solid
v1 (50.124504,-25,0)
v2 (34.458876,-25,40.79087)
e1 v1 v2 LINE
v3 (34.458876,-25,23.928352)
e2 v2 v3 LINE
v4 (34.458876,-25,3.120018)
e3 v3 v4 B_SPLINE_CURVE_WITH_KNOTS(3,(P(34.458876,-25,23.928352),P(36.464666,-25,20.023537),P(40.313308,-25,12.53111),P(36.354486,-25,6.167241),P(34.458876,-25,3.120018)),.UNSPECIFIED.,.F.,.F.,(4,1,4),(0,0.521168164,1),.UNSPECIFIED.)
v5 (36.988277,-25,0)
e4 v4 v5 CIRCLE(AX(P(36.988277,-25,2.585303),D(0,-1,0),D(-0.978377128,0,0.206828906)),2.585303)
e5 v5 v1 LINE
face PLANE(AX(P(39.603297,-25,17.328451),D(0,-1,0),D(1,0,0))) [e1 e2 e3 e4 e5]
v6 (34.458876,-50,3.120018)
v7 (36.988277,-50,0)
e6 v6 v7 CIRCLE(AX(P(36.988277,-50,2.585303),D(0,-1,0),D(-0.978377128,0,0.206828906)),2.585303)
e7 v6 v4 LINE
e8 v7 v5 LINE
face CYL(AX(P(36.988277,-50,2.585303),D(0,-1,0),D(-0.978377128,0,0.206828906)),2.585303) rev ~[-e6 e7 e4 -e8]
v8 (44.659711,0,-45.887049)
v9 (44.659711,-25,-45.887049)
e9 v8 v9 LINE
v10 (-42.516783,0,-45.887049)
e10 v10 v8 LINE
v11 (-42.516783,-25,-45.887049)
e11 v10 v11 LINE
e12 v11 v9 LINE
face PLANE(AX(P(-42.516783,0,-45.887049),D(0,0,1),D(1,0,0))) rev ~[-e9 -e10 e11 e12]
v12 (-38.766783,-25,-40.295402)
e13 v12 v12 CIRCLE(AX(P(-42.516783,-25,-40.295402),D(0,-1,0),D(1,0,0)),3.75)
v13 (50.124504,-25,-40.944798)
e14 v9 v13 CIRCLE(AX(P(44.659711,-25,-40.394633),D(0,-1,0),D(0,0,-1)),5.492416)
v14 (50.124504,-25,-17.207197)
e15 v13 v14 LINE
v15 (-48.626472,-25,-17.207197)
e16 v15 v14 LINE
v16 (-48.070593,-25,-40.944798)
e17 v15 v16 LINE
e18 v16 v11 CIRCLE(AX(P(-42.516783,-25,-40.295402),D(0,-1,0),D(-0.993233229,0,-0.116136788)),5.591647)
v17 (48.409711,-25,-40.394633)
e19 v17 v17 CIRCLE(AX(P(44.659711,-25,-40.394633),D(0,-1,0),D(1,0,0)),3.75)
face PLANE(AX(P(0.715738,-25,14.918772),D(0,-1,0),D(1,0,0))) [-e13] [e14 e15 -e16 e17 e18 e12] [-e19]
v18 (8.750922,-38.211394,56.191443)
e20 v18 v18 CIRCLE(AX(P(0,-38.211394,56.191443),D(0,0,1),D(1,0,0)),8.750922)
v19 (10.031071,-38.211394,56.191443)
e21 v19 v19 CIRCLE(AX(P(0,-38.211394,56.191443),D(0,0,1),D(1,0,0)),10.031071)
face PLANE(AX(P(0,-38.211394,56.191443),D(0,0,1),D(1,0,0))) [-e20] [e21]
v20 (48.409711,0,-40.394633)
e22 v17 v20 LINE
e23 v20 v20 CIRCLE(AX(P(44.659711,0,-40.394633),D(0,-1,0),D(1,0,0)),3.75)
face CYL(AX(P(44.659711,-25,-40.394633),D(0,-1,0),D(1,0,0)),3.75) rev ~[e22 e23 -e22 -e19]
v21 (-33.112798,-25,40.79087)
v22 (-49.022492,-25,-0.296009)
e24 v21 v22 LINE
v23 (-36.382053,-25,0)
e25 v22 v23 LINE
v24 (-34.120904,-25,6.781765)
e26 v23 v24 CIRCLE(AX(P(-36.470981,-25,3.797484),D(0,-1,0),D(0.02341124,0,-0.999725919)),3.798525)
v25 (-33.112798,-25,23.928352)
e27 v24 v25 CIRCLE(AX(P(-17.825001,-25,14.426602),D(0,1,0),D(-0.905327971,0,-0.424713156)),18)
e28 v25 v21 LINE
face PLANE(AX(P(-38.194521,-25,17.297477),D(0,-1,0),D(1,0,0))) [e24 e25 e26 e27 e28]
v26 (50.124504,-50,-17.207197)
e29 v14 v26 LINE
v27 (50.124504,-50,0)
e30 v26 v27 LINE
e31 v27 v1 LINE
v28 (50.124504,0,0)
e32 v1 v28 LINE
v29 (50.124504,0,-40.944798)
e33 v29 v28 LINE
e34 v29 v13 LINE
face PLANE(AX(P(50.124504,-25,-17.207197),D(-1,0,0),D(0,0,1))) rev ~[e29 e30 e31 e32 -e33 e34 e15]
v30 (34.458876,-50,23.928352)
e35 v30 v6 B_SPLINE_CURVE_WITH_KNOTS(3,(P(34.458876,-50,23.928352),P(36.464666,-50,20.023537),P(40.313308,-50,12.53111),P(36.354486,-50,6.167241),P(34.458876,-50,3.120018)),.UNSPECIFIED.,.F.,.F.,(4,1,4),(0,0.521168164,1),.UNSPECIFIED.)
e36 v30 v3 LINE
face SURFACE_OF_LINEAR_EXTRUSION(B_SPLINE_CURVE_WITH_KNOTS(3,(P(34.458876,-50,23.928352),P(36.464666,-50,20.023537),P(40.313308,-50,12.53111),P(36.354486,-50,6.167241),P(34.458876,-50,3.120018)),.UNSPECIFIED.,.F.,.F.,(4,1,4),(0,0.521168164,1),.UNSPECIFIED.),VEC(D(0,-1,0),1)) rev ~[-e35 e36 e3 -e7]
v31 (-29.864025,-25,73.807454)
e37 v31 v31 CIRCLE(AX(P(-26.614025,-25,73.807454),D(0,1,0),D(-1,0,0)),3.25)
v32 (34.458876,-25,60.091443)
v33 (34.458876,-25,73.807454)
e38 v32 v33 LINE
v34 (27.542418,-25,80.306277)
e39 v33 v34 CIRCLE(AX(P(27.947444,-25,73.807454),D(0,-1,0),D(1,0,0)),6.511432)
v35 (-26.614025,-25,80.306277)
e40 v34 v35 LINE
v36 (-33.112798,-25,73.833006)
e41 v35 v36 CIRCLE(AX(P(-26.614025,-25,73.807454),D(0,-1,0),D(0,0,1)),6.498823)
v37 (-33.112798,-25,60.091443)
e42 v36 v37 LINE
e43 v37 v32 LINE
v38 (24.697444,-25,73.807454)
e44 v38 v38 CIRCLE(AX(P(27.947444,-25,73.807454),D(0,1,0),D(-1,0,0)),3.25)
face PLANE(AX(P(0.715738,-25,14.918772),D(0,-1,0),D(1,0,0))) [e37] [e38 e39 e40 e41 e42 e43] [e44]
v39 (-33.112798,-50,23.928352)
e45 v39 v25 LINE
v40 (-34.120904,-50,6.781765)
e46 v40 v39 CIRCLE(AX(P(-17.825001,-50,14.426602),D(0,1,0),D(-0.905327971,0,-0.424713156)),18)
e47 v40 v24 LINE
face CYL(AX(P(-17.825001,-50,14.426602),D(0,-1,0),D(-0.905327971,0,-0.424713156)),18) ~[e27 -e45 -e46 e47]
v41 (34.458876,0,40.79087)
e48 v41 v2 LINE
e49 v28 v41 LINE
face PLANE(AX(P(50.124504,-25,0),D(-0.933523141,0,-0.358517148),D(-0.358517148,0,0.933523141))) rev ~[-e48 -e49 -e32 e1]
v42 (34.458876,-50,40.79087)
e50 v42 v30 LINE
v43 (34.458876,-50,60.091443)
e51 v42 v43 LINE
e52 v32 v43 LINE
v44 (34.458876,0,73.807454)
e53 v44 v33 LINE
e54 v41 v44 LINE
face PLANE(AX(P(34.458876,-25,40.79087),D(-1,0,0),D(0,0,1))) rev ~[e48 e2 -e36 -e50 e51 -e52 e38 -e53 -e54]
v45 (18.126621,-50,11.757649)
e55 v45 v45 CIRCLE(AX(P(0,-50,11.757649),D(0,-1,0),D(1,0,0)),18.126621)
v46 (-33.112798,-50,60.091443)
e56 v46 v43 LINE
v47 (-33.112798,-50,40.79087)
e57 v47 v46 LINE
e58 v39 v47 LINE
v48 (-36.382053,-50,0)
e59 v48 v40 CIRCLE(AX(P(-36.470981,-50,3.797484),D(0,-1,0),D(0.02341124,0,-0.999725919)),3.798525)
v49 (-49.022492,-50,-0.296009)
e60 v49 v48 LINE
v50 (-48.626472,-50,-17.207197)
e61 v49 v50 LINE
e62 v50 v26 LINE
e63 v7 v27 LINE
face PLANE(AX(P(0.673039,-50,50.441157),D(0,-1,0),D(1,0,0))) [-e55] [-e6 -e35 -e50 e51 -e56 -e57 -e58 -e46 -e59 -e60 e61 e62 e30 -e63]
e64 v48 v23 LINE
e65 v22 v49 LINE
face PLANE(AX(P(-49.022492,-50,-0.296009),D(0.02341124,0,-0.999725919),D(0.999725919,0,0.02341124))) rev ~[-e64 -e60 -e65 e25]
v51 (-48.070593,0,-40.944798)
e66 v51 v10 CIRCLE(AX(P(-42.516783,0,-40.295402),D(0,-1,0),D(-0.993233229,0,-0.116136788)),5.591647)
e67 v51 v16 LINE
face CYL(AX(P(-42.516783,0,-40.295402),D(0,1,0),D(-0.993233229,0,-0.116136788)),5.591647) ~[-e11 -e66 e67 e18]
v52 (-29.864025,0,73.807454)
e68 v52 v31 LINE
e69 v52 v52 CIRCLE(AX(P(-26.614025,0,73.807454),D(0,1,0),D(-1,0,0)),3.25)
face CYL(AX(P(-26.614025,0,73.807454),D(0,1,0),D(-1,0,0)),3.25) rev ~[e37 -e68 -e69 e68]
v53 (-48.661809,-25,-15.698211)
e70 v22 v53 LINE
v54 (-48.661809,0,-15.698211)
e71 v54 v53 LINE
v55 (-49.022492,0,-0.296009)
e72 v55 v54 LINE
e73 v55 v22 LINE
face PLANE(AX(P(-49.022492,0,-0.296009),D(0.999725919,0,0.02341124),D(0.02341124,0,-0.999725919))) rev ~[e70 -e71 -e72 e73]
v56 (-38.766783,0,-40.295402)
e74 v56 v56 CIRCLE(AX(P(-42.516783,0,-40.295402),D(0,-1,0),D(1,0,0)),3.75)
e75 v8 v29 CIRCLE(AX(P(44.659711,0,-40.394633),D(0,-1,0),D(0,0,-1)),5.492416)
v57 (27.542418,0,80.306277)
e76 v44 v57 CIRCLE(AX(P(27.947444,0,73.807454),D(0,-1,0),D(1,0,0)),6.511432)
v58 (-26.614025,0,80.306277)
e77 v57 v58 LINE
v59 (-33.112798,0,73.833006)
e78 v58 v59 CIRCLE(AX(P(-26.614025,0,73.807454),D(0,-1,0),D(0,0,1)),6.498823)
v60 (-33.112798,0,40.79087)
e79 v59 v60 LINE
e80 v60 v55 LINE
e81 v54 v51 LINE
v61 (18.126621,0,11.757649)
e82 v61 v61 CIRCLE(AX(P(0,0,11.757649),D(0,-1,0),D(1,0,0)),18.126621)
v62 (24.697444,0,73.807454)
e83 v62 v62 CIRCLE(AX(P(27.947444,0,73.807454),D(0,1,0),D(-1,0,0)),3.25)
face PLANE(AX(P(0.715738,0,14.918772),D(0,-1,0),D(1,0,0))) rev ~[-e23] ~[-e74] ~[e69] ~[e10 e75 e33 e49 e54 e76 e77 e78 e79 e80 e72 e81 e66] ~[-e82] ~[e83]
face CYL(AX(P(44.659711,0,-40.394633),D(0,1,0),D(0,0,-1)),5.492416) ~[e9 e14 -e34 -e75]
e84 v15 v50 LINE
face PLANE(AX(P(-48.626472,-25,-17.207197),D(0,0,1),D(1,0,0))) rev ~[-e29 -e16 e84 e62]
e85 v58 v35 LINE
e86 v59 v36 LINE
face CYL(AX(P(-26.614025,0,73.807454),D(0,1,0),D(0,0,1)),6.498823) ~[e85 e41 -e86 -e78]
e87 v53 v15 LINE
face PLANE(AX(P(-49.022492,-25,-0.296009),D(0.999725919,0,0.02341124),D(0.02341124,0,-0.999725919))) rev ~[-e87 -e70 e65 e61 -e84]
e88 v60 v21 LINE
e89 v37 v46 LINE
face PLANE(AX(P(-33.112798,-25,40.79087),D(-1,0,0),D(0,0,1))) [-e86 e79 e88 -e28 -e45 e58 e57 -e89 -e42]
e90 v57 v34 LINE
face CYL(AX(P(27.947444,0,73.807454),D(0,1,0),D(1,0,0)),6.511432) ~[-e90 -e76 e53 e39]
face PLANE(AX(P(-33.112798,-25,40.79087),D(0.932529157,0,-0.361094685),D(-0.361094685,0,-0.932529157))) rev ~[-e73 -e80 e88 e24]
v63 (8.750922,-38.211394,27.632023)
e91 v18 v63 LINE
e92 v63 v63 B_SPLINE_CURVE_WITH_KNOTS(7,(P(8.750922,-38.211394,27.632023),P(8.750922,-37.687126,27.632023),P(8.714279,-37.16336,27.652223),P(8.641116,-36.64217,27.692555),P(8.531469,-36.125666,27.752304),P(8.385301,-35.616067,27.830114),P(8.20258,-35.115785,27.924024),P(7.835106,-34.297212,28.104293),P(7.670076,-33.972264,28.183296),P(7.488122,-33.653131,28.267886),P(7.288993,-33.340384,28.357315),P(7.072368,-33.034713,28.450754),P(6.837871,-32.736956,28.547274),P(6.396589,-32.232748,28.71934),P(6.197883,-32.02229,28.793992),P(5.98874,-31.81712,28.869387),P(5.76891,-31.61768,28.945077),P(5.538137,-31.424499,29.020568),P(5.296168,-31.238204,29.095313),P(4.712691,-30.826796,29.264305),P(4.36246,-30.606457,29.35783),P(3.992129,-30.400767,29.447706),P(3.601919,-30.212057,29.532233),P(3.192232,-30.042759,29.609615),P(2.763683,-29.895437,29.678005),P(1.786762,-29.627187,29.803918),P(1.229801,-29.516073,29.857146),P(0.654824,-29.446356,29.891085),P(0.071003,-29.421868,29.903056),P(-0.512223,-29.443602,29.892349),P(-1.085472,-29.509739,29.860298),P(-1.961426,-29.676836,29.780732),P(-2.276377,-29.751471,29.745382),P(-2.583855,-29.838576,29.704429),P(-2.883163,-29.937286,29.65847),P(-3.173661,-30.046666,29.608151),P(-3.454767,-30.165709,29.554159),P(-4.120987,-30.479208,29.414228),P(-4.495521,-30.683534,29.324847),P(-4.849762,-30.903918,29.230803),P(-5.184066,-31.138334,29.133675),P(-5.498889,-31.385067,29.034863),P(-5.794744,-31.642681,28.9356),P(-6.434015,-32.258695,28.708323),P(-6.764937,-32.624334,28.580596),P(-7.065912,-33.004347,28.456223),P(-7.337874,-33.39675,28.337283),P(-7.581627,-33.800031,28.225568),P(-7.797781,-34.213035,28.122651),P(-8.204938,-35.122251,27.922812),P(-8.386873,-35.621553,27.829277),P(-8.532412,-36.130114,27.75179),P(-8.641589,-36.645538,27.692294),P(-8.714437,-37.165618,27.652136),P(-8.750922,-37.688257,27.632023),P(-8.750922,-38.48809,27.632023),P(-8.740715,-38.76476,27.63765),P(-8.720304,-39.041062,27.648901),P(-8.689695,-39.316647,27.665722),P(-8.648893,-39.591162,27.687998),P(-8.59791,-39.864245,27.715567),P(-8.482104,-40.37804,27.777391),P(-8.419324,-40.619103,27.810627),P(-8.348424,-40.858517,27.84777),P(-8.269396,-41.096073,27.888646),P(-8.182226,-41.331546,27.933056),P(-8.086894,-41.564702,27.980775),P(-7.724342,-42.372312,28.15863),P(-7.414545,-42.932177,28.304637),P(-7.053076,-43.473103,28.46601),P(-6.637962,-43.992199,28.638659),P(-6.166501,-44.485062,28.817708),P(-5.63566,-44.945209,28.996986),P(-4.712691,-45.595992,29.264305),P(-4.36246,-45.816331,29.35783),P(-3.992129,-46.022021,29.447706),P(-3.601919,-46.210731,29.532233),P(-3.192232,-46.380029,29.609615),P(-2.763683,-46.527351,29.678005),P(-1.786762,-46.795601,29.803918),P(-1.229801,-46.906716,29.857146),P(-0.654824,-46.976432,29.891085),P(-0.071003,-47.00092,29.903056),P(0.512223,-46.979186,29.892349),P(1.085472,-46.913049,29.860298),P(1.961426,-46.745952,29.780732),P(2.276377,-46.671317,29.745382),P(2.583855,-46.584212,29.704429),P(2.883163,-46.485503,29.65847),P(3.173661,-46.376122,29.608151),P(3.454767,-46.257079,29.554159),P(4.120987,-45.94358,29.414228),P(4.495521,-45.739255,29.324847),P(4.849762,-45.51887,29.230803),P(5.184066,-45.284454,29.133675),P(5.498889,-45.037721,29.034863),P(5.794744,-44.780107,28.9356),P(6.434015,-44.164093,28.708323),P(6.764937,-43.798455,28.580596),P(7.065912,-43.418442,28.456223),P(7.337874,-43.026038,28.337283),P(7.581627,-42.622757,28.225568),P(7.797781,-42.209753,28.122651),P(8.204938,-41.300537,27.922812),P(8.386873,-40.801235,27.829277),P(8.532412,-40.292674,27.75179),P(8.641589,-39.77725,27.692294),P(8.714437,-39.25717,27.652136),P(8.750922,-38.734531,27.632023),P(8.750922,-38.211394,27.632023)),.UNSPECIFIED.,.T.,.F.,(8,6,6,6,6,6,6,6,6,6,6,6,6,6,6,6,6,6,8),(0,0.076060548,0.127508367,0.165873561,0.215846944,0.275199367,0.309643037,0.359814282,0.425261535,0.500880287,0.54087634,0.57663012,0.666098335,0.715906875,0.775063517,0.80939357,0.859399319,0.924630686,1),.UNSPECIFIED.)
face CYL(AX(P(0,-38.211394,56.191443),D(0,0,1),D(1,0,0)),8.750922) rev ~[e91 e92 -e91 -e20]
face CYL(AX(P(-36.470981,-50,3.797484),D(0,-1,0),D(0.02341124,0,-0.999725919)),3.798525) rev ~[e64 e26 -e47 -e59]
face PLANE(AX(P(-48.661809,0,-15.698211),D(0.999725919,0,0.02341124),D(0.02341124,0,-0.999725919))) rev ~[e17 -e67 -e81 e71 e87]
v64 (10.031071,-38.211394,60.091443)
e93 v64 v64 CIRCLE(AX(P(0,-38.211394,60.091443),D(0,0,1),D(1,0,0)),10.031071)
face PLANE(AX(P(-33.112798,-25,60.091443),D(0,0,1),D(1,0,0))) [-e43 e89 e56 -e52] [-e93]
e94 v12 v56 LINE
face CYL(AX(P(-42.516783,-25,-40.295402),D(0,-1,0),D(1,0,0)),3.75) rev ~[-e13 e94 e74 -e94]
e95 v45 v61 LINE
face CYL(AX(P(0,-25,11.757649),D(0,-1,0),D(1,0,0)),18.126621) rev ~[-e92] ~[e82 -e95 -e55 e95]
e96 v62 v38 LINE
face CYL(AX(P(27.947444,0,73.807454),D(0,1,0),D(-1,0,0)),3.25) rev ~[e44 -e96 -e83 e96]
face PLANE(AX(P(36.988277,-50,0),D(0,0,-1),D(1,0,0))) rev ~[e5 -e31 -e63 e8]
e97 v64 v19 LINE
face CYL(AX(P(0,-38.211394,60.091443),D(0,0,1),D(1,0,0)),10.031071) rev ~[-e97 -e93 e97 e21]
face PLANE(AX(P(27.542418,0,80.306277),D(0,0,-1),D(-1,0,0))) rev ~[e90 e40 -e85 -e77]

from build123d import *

# Parameters (mm, degrees)
F0_R      = 17.0227145172
F0_R_2    = 3.25
F1_DEPTH  = 25
F2_R      = 3.25
F3_DEPTH  = 70
F4_DEPTH  = 70
F5_R      = 18.1266213474
F6_DEPTH  = 25
F7_DEPTH  = 70
F9_DEPTH  = 25
F5_W      = 67.5716735423
F5_H      = 19.3005736992
F10_DEPTH = 25
F11_R     = 10.0310705793
F12_DEPTH = 3.9
F13_R     = 8.7509220972
F14_DEPTH = 45.3
F15_R     = 3.75
F16_DEPTH = 70
F17_DEPTH = 70


with BuildPart() as f1:
    # F0 (on Front) → F1 (new body)
    with BuildSketch(Plane.XZ):
        with BuildLine():
            Line((34.4588756561, 55.8330058903), (-33.1127978861, 55.8330058903))
            Line((-33.1127978861, 55.8330058903), (-33.1127978861, 40.7908696607))
            Line((-33.1127978861, 40.7908696607), (-33.1127978861, 25.7487334311))
            add(Edge.make_bspline(
                [(-33.1127978861, 25.7487334311), (-34.6033996611, 22.4340609922), (-37.650110278, 15.6590471152), (-34.6467602747, 8.3554726364), (-33.1127978861, 4.625168629)],
                knots=[0, 0, 0, 0, 0.4892495424, 1, 1, 1, 1], degree=3))
            add(Edge.make_bspline(
                [(-33.1127978861, 4.625168629), (-32.7607149389, 2.6646672617), (-32.1126225155, -0.9441018995), (-35.0434349429, -0.2960094761), (-36.3820530474, 0)],
                knots=[0, 0, 0, 0, 0.543260397, 1, 1, 1, 1], degree=3))
            Line((-36.3820530474, 0), (-49.0224920213, -0.2960094761))
            Line((-49.0224920213, -0.2960094761), (-48.661808527, -15.6982113192))
            Line((-48.661808527, -15.6982113192), (50.1245036721, -15.6982113192))
            Line((50.1245036721, -15.6982113192), (50.1245036721, 0))
            Line((50.1245036721, 0), (37.6335456967, 0))
            add(Edge.make_bspline(
                [(34.4588756561, 4.625168629), (34.1095986146, 2.6618613561), (33.4709502093, -0.928019769), (36.3355820401, -0.2893713637), (37.6335456967, 0)],
                knots=[0, 0, 0, 0, 0.5469003581, 1, 1, 1, 1], degree=3))
            add(Edge.make_bspline(
                [(34.4588756561, 25.7487334311), (36.1774809535, 21.1049777281), (39.2730683507, 12.7405489371), (35.9410342162, 7.1236727718), (34.4588756561, 4.625168629)],
                knots=[0, 0, 0, 0, 0.5551790587, 1, 1, 1, 1], degree=3))
            Line((34.4588756561, 25.7487334311), (34.4588756561, 40.7908696607))
            Line((34.4588756561, 40.7908696607), (34.4588756561, 55.8330058903))
        make_face()
        with Locations((0, 12.6643273979)):
            Circle(F0_R, mode=Mode.SUBTRACT)
        with BuildLine():
            Line((50.1245036721, -15.6982113192), (-48.661808527, -15.6982113192))
            Line((-48.661808527, -15.6982113192), (-48.0705925932, -40.9447981115))
            ThreePointArc((-48.0705925932, -40.9447981115), (-46.2339945035, -44.4725848586), (-42.5167828798, -45.8870492876))
            Line((-42.5167828798, -45.8870492876), (44.6597114205, -45.8870492876))
            ThreePointArc((44.6597114205, -45.8870492876), (48.3437920738, -44.4682292272), (50.1245036721, -40.9447981115))
            Line((50.1245036721, -40.9447981115), (50.1245036721, -15.6982113192))
        make_face()
        with Locations((-42.5167828798, -40.2954021766)):
            Circle(F0_R_2, mode=Mode.SUBTRACT)
        with Locations((44.6597114205, -40.3946330681)):
            Circle(F0_R_2, mode=Mode.SUBTRACT)
        with BuildLine():
            ThreePointArc((-26.6140252352, 80.306276679), (-31.2003440388, 78.4118406934), (-33.1127978861, 73.8330058903))
            Line((-33.1127978861, 73.8330058903), (-33.1127978861, 55.8330058903))
            Line((-33.1127978861, 55.8330058903), (34.4588756561, 55.8330058903))
            Line((34.4588756561, 55.8330058903), (34.4588756561, 73.807453795))
            ThreePointArc((34.4588756561, 73.807453795), (32.4062242428, 78.5527695695), (27.542417869, 80.306276679))
            Line((27.542417869, 80.306276679), (-26.6140252352, 80.306276679))
        make_face()
        with Locations((-26.6140252352, 73.807453795)):
            Circle(F0_R_2, mode=Mode.SUBTRACT)
        with Locations((27.9474437952, 73.807453795)):
            Circle(F0_R_2, mode=Mode.SUBTRACT)
        with Locations((0, 12.6643273979)):
            Circle(F0_R)
        with BuildLine():
            Line((-33.1127978861, 25.7487334311), (-33.1127978861, 40.7908696607))
            Line((-33.1127978861, 40.7908696607), (-49.0224920213, -0.2960094761))
            Line((-49.0224920213, -0.2960094761), (-36.3820530474, 0))
            add(Edge.make_bspline(
                [(-33.1127978861, 4.625168629), (-32.7607149389, 2.6646672617), (-32.1126225155, -0.9441018995), (-35.0434349429, -0.2960094761), (-36.3820530474, 0)],
                knots=[0, 0, 0, 0, 0.543260397, 1, 1, 1, 1], degree=3))
            add(Edge.make_bspline(
                [(-33.1127978861, 25.7487334311), (-34.6033996611, 22.4340609922), (-37.650110278, 15.6590471152), (-34.6467602747, 8.3554726364), (-33.1127978861, 4.625168629)],
                knots=[0, 0, 0, 0, 0.4892495424, 1, 1, 1, 1], degree=3))
        make_face()
        with BuildLine():
            Line((50.1245036721, 0), (34.4588756561, 40.7908696607))
            Line((34.4588756561, 40.7908696607), (34.4588756561, 25.7487334311))
            add(Edge.make_bspline(
                [(34.4588756561, 25.7487334311), (36.1774809535, 21.1049777281), (39.2730683507, 12.7405489371), (35.9410342162, 7.1236727718), (34.4588756561, 4.625168629)],
                knots=[0, 0, 0, 0, 0.5551790587, 1, 1, 1, 1], degree=3))
            add(Edge.make_bspline(
                [(34.4588756561, 4.625168629), (34.1095986146, 2.6618613561), (33.4709502093, -0.928019769), (36.3355820401, -0.2893713637), (37.6335456967, 0)],
                knots=[0, 0, 0, 0, 0.5469003581, 1, 1, 1, 1], degree=3))
            Line((37.6335456967, 0), (50.1245036721, 0))
        make_face()
        with Locations((-26.6140252352, 73.807453795)):
            Circle(F0_R_2)
        with Locations((27.9474437952, 73.807453795)):
            Circle(F0_R_2)
        with Locations((-42.5167828798, -40.2954021766)):
            Circle(F0_R_2)
        with Locations((44.6597114205, -40.3946330681)):
            Circle(F0_R_2)
    extrude(amount=F1_DEPTH)

    # F2 (on face) → F3 (cut)
    with BuildSketch(Plane(origin=(0, 0, 0), x_dir=(-1, 0, 0), z_dir=(0, 1, 0))):
        with Locations((-27.9474437952, 73.807453795)):
            Circle(F2_R)
    extrude(amount=-F3_DEPTH, mode=Mode.SUBTRACT)

    # F2 (on face) → F4 (cut)
    with BuildSketch(Plane(origin=(0, 0, 0), x_dir=(-1, 0, 0), z_dir=(0, 1, 0))):
        with Locations((26.6140252352, 73.807453795)):
            Circle(F2_R)
    extrude(amount=-F4_DEPTH, mode=Mode.SUBTRACT)

    # F5 (on face) → F6 (join)
    with BuildSketch(Plane.XZ.offset(25)):
        with BuildLine():
            Line((34.4588756561, 20.5979254097), (34.4588756561, 40.7908696607))
            Line((34.4588756561, 40.7908696607), (-33.1127978861, 40.7908696607))
            Line((-33.1127978861, 40.7908696607), (-33.1127978861, 20.5979254097))
            ThreePointArc((-33.1127978861, 20.5979254097), (-37.1626297585, 12.9749266175), (-34.7937931273, 4.6743325547))
            ThreePointArc((-34.7937931273, 4.6743325547), (-33.9547139722, 1.7822291717), (-36.3820530474, 0))
            Line((-36.3820530474, 0), (-49.0224920213, -0.2960094761))
            Line((-49.0224920213, -0.2960094761), (-48.626471606, -17.2071974467))
            Line((-48.626471606, -17.2071974467), (50.1245036721, -17.2071974467))
            Line((50.1245036721, -17.2071974467), (50.1245036721, 0))
            Line((50.1245036721, 0), (37.3762585223, 0))
            ThreePointArc((37.3762585223, 0), (34.6582437375, 2.1242313939), (36.0628159286, 5.2749678705))
            ThreePointArc((36.0628159286, 5.2749678705), (37.5665970474, 13.1778026111), (34.4588756561, 20.5979254097))
        make_face()
        with Locations((0, 11.75764855)):
            Circle(F5_R, mode=Mode.SUBTRACT)
        with BuildLine():
            Line((-33.1127978861, 20.5979254097), (-33.1127978861, 40.7908696607))
            Line((-33.1127978861, 40.7908696607), (-49.0224920213, -0.2960094761))
            Line((-49.0224920213, -0.2960094761), (-36.3820530474, 0))
            ThreePointArc((-36.3820530474, 0), (-33.9547139722, 1.7822291717), (-34.7937931273, 4.6743325547))
            ThreePointArc((-34.7937931273, 4.6743325547), (-37.1626297585, 12.9749266175), (-33.1127978861, 20.5979254097))
        make_face()
        with BuildLine():
            Line((50.1245036721, 0), (34.4588756561, 40.7908696607))
            Line((34.4588756561, 40.7908696607), (34.4588756561, 20.5979254097))
            ThreePointArc((34.4588756561, 20.5979254097), (37.5665970474, 13.1778026111), (36.0628159286, 5.2749678705))
            ThreePointArc((36.0628159286, 5.2749678705), (34.6582437375, 2.1242313939), (37.3762585223, 0))
            Line((37.3762585223, 0), (50.1245036721, 0))
        make_face()
    extrude(amount=F6_DEPTH)

    # F7 (cut): a face of the model
    f7_faces = [f1.faces().sort_by_distance(p)[0] for p in [
        (0, -25, 11.75764855),
    ]]
    extrude(f7_faces, amount=-F7_DEPTH, mode=Mode.SUBTRACT)

    # F8 (on face) → F9 (cut)
    with BuildSketch(Plane.XZ.offset(50)):
        with BuildLine():
            Line((-33.1127978861, 23.9283517003), (-33.1127978861, 40.7908696607))
            Line((-33.1127978861, 40.7908696607), (-49.0224920213, -0.2960094761))
            Line((-49.0224920213, -0.2960094761), (-36.3820530474, 0))
            ThreePointArc((-36.3820530474, 0), (-32.8674732325, 2.5960168229), (-34.120904149, 6.7817647319))
            ThreePointArc((-34.120904149, 6.7817647319), (-35.7939711067, 15.4830585232), (-33.1127978861, 23.9283517003))
        make_face()
        with BuildLine():
            Line((50.1245036721, 0), (34.4588756561, 40.7908696607))
            Line((34.4588756561, 40.7908696607), (34.4588756561, 23.9283517003))
            add(Edge.make_bspline(
                [(34.4588756561, 23.9283517003), (36.4646656644, 20.023537046), (40.3133082853, 12.5311096019), (36.3544858645, 6.1672411956), (34.4588756561, 3.1200184021)],
                knots=[0, 0, 0, 0, 0.5211681639, 1, 1, 1, 1], degree=3))
            ThreePointArc((34.4588756561, 3.1200184021), (34.9800199126, 0.9572074446), (36.9882769883, 0))
            Line((36.9882769883, 0), (50.1245036721, 0))
        make_face()
    extrude(amount=-F9_DEPTH, mode=Mode.SUBTRACT)

    # F5 (on face) → F10 (join)
    with BuildSketch(Plane.XZ.offset(25)):
        with Locations((0.673038885, 50.4411565103)):
            Rectangle(F5_W, F5_H)
    extrude(amount=F10_DEPTH)

    # F11 (on face) → F12 (cut)
    with BuildSketch(Plane.XY.offset(60.0914433599)):
        with Locations((0, -38.2113941014)):
            Circle(F11_R)
    extrude(amount=-F12_DEPTH, mode=Mode.SUBTRACT)

    # F13 (on face) → F14 (cut)
    with BuildSketch(Plane.XY.offset(56.1914433599)):
        with Locations((0, -38.2113941014)):
            Circle(F13_R)
    extrude(amount=-F14_DEPTH, mode=Mode.SUBTRACT)

    # F15 (on face) → F16 (cut)
    with BuildSketch(Plane.XZ.offset(25)):
        with Locations((-42.5167828798, -40.2954021766)):
            Circle(F15_R)
    extrude(amount=-F16_DEPTH, mode=Mode.SUBTRACT)

    # F15 (on face) → F17 (cut)
    with BuildSketch(Plane.XZ.offset(25)):
        with Locations((44.6597114205, -40.3946330681)):
            Circle(F15_R)
    extrude(amount=-F17_DEPTH, mode=Mode.SUBTRACT)


solid = f1.part
